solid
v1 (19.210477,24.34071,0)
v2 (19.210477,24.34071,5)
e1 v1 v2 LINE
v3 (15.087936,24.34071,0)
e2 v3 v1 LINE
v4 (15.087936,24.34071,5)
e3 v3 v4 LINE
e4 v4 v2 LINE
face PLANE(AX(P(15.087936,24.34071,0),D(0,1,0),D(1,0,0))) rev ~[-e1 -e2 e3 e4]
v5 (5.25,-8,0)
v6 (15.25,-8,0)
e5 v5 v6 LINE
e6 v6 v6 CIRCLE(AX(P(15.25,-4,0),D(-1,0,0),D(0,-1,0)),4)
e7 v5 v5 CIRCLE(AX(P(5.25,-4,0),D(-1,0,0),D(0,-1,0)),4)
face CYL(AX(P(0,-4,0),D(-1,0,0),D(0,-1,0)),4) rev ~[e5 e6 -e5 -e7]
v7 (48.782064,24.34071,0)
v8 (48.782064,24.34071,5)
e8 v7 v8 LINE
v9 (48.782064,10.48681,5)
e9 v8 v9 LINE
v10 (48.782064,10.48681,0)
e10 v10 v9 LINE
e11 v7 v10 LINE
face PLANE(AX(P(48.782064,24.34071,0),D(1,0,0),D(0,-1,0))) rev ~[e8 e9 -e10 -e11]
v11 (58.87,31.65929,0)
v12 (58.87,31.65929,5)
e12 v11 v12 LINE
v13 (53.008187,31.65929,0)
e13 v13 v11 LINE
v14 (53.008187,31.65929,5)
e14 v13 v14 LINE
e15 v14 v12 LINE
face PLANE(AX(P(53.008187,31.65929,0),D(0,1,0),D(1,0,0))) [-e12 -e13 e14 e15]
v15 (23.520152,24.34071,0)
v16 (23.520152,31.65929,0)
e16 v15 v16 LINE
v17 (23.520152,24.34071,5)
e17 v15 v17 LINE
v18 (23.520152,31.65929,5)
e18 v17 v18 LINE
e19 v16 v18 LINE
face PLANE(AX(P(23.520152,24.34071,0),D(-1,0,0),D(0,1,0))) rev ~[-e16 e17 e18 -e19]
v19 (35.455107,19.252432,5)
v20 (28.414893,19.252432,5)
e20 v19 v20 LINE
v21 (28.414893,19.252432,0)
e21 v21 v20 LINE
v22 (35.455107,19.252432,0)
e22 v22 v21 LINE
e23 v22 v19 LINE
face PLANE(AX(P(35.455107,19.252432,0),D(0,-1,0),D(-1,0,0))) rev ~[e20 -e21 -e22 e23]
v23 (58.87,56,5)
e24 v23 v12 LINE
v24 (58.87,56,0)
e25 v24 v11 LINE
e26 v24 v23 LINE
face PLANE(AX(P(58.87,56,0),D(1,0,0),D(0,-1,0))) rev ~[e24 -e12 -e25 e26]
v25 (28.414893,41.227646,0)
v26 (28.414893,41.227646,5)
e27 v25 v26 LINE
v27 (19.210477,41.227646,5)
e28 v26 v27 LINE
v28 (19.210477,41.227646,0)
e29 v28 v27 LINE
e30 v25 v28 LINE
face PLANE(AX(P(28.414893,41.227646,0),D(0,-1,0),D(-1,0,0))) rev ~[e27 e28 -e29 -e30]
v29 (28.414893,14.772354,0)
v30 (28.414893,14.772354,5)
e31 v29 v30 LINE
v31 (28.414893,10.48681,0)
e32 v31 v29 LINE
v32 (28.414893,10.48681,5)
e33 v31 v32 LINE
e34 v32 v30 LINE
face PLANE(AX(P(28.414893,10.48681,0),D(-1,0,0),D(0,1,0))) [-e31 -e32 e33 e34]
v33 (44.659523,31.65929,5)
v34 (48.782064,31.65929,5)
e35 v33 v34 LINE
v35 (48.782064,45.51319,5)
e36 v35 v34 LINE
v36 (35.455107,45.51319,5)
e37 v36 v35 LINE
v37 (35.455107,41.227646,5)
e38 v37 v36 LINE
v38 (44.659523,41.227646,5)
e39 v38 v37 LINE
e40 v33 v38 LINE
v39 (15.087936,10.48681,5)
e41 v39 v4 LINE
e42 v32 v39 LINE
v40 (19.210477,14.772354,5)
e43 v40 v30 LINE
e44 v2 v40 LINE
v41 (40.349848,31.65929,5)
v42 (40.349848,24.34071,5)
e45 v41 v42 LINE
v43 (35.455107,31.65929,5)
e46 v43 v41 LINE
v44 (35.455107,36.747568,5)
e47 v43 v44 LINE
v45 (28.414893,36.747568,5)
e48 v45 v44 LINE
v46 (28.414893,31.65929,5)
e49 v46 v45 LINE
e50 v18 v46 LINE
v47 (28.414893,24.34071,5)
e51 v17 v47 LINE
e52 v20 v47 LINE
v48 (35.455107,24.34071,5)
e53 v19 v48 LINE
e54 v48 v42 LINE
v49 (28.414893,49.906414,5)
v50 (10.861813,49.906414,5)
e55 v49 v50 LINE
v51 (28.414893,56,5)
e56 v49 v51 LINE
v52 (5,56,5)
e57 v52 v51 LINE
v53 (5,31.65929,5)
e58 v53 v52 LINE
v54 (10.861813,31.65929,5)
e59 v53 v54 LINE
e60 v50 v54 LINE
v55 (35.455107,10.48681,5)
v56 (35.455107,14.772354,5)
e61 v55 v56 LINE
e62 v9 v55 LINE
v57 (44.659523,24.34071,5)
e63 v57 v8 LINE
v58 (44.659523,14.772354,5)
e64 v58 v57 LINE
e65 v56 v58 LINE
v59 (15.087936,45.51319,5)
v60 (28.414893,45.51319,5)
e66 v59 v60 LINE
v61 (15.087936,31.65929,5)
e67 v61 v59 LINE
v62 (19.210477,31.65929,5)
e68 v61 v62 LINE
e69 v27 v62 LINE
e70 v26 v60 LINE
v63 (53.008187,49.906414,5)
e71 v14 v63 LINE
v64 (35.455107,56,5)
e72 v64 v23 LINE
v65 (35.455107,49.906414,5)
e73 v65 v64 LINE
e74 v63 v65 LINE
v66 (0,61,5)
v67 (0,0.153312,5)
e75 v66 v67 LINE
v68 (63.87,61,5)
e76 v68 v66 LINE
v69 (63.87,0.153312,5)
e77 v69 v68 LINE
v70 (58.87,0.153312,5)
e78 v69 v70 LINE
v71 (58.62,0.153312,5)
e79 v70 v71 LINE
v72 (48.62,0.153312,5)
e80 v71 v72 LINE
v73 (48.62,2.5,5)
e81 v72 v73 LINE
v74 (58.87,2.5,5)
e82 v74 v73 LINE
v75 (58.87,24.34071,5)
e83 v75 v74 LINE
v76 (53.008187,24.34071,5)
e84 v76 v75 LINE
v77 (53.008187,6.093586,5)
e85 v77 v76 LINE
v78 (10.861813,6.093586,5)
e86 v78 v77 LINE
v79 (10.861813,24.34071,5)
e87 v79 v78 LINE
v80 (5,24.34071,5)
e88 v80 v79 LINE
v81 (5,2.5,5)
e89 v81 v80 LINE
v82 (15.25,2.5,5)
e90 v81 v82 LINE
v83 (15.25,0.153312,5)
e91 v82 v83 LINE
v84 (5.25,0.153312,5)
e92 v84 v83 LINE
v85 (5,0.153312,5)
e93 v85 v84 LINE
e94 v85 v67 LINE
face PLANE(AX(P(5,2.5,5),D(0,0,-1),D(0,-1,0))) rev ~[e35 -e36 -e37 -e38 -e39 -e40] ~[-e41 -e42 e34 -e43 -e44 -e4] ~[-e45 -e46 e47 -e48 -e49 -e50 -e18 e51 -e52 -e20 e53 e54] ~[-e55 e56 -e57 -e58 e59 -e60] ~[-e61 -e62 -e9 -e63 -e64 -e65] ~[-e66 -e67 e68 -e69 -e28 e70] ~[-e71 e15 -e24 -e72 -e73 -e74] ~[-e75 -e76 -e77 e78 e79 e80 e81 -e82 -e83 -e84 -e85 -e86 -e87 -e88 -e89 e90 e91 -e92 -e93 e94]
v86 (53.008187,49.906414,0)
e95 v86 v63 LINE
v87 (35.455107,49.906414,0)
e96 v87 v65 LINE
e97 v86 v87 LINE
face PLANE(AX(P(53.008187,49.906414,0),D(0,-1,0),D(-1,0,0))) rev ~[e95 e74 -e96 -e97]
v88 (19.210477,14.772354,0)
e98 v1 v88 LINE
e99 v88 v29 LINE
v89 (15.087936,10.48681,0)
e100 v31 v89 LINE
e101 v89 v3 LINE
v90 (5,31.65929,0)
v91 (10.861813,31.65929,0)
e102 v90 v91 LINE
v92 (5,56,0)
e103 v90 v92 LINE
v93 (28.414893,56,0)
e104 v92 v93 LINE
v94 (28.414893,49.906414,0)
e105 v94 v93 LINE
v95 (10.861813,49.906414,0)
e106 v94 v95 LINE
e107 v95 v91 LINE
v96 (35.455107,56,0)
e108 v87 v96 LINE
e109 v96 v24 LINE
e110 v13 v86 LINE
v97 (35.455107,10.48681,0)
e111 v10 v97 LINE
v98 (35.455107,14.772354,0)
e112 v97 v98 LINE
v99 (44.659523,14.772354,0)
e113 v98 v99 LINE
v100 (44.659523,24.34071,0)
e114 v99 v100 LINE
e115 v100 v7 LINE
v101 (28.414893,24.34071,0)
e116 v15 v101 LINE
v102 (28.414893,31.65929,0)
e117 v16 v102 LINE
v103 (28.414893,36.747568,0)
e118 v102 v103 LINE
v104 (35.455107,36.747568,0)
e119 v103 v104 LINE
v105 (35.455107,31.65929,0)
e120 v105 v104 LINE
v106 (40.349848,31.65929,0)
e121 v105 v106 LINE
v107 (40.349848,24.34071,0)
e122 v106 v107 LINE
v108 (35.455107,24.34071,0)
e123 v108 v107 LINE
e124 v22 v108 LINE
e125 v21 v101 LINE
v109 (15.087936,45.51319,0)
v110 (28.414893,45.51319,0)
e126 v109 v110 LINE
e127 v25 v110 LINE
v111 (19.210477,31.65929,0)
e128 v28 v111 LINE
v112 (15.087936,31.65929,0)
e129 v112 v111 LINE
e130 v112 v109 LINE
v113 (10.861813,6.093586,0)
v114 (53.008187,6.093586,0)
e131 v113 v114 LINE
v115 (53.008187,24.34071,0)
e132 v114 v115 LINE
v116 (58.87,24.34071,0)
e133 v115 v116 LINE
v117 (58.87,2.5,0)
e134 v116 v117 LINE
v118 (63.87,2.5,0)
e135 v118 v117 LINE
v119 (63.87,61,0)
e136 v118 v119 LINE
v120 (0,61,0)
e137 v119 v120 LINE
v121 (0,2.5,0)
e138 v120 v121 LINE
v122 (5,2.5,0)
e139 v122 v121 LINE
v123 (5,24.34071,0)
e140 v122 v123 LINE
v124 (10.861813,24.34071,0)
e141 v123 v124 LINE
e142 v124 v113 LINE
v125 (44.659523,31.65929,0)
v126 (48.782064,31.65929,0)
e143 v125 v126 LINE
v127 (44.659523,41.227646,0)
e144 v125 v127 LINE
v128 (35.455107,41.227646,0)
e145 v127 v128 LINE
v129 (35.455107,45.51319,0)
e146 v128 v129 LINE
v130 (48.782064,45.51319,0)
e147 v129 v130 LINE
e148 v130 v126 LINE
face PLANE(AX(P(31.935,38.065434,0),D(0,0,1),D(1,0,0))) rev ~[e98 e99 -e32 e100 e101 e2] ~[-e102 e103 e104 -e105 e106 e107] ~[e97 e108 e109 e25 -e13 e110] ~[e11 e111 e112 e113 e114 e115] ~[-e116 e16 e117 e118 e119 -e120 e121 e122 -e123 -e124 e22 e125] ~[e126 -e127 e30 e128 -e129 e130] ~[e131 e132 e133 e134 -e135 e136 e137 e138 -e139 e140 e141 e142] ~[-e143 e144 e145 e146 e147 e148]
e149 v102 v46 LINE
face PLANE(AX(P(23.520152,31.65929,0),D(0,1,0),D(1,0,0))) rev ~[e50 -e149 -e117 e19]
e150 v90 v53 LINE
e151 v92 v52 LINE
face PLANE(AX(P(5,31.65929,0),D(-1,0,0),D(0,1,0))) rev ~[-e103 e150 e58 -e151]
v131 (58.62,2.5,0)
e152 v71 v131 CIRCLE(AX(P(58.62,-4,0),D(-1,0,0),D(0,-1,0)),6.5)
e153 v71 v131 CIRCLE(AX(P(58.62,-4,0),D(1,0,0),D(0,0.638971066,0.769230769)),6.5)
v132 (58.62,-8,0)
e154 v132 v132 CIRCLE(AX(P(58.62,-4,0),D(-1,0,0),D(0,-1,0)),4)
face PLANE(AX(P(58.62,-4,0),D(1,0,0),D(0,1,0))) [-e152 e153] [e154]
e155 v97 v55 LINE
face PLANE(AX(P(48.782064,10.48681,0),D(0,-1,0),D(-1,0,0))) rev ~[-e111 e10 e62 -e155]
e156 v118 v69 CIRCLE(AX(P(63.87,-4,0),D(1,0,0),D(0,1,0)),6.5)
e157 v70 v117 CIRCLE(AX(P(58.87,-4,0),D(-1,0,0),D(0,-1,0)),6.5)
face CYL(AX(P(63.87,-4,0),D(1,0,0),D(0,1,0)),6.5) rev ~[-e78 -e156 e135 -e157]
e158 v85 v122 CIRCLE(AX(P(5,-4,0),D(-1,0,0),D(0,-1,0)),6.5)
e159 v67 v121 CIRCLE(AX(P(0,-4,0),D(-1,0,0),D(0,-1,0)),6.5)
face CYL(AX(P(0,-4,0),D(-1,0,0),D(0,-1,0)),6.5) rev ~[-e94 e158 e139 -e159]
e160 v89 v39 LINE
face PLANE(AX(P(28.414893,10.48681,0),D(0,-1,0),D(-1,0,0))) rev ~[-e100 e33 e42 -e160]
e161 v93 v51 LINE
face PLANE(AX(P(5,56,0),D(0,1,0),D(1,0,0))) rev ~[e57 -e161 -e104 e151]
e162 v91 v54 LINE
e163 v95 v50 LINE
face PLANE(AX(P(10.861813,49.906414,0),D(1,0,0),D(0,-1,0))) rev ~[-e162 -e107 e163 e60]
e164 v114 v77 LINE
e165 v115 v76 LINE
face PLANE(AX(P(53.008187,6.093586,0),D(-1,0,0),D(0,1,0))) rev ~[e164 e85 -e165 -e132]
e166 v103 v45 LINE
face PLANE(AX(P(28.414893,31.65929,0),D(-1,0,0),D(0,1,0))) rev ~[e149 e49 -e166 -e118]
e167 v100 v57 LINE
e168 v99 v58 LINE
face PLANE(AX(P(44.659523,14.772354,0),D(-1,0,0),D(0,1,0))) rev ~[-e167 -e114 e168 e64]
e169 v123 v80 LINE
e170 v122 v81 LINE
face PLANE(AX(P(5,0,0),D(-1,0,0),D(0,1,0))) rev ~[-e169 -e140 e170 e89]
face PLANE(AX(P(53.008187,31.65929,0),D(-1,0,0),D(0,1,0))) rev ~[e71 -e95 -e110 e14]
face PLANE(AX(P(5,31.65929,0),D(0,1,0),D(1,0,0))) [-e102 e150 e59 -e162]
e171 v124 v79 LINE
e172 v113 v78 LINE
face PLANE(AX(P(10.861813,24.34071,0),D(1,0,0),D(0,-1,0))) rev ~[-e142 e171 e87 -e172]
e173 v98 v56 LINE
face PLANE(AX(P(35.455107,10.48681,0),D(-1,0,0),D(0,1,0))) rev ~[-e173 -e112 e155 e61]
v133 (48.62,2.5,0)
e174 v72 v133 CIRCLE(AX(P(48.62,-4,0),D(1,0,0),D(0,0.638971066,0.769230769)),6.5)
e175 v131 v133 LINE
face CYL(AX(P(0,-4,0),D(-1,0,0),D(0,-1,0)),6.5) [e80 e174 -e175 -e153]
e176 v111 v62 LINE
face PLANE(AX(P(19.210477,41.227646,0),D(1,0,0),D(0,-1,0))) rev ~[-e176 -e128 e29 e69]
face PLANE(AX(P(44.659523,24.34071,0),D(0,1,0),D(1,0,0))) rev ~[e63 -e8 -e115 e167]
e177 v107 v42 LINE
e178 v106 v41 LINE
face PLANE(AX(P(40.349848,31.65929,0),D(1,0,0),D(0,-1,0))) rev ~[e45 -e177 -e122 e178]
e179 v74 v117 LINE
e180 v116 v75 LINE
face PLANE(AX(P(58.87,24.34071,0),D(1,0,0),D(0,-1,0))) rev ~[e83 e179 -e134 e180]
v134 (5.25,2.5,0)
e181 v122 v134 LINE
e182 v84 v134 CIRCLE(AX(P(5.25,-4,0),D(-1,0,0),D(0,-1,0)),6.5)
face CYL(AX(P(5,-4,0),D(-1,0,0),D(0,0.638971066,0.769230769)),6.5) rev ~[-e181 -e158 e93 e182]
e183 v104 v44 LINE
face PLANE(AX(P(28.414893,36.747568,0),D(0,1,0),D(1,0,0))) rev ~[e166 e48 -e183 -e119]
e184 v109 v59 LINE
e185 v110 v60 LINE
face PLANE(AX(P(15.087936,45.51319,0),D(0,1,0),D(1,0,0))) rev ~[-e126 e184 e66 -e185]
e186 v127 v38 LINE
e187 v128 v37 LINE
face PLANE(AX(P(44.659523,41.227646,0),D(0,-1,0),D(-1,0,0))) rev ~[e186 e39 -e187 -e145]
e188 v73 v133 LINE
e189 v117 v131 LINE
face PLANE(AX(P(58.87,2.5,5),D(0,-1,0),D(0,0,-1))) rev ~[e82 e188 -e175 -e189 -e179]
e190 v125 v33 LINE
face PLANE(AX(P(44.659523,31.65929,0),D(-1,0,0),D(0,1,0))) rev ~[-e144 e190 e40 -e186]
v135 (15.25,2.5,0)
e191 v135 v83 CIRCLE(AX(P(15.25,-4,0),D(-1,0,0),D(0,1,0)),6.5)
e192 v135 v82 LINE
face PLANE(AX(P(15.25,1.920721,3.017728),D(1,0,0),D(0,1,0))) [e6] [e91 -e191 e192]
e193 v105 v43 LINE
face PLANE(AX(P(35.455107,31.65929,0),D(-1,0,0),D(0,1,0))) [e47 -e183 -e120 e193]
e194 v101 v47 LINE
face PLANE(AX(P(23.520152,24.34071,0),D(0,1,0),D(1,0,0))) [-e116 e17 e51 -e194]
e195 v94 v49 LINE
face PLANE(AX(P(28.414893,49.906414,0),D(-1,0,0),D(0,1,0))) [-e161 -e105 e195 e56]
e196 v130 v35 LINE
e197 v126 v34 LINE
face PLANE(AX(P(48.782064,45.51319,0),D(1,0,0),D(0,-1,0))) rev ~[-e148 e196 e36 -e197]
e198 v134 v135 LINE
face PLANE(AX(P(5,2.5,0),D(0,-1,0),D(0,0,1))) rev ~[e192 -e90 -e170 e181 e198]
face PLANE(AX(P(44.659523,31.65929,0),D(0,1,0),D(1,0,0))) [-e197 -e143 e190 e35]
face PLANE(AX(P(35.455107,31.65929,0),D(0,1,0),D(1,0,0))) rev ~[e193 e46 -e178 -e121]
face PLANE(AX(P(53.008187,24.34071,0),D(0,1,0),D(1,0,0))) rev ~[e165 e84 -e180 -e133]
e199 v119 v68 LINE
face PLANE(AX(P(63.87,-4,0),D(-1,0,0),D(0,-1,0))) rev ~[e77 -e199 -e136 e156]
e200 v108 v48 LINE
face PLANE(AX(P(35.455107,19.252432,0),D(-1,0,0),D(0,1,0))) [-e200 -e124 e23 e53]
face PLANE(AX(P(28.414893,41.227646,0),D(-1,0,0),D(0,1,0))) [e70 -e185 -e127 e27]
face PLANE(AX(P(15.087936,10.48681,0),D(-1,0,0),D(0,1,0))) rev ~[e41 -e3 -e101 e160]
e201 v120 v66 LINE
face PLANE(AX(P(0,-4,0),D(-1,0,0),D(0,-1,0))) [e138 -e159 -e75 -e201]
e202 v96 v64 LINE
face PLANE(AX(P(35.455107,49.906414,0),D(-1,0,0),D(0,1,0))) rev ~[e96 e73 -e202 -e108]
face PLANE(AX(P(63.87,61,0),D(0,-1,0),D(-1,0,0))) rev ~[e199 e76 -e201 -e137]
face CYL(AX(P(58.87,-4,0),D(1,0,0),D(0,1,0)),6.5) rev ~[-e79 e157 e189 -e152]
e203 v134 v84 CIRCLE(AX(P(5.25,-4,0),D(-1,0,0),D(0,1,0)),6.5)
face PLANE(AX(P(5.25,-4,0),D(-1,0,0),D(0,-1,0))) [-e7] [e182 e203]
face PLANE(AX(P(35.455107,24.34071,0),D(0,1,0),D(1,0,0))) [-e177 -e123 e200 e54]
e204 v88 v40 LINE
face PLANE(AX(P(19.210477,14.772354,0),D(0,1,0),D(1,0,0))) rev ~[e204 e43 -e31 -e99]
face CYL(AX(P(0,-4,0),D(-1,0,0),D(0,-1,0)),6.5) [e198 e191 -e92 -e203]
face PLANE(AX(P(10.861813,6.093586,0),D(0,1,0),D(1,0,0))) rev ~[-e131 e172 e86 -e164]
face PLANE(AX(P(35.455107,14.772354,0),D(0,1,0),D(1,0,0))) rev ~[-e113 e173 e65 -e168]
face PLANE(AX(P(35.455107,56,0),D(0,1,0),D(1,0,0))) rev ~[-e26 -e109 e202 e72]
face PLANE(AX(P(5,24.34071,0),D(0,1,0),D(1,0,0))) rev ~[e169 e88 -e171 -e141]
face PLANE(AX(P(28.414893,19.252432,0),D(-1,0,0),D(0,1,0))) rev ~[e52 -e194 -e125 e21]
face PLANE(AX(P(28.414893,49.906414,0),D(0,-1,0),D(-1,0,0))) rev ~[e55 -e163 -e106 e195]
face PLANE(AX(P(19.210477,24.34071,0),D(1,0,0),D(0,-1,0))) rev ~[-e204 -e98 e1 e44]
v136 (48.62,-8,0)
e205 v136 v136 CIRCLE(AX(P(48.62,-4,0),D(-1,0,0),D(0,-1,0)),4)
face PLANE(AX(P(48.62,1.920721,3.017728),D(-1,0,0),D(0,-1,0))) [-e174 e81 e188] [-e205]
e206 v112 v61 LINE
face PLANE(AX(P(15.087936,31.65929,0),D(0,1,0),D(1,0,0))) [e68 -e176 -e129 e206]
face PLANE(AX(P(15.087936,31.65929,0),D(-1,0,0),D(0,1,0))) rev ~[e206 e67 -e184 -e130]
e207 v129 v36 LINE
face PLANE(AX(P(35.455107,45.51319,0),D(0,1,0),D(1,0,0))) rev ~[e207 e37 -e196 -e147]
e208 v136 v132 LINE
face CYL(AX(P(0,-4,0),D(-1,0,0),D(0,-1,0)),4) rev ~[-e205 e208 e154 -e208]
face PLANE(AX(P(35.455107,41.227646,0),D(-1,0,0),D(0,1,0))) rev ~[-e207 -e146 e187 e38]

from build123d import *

# Parameters (mm, degrees)
F0_W      = 7.0402130931
F0_H      = 6.0935864692
F0_H_2    = 4.393223295
F0_W_2    = 4.2261239089
F0_H_3    = 7.3185805312
F0_W_3    = 4.3096756666
F0_H_4    = 4.4800786584
F0_H_5    = 4.2855439132
F0_W_4    = 5.8618125553
F0_W_5    = 4.1225401893
F0_W_6    = 4.8947411333
F0_H_6    = 5.0882773987
F1_DEPTH  = 5
F2_R      = 6.5
F2_R_2    = 4
F3_DEPTH  = 63.87
F4_R      = 6.5
F4_R_2    = 4
F5_DEPTH  = 5.25
F6_R      = 6.5
F6_R_2    = 4
F7_DEPTH  = 5.25
F9_R      = 6.5
F9_R_2    = 4
F10_DEPTH = 33.37
F12_DEPTH = 10.25
F14_DEPTH = 10.25


with BuildPart() as f1:
    # F0 (on Top) → F1 (new body)
    with BuildSketch(Plane.XY):
        Polygon((0, 61), (0, 0), (5, 0), (5, 24.3407097344), (5, 31.6592902656), (5, 56), (28.4148934534, 56), (35.4551065466, 56), (58.87, 56), (58.87, 31.6592902656), (58.87, 24.3407097344), (58.87, 0), (63.87, 0), (63.87, 61), align=None)
        Polygon((10.8618125553, 49.9064135308), (10.8618125553, 31.6592902656), (15.0879364642, 31.6592902656), (15.0879364642, 45.5131902358), (28.4148934534, 45.5131902358), (28.4148934534, 49.9064135308), align=None)
        with Locations((31.935, 52.9532067654)):
            Rectangle(F0_W, F0_H)
        Polygon((48.7820635358, 31.6592902656), (53.0081874447, 31.6592902656), (53.0081874447, 49.9064135308), (35.4551065466, 49.9064135308), (35.4551065466, 45.5131902358), (48.7820635358, 45.5131902358), align=None)
        with Locations((31.935, 47.7098018833)):
            Rectangle(F0_W, F0_H_2)
        with Locations((12.9748745097, 28)):
            Rectangle(F0_W_2, F0_H_3)
        Polygon((10.8618125553, 6.0935864692), (28.4148934534, 6.0935864692), (28.4148934534, 10.4868097642), (15.0879364642, 10.4868097642), (15.0879364642, 24.3407097344), (10.8618125553, 24.3407097344), align=None)
        with Locations((31.935, 8.2901981167)):
            Rectangle(F0_W, F0_H_2)
        Polygon((35.4551065466, 10.4868097642), (35.4551065466, 6.0935864692), (53.0081874447, 6.0935864692), (53.0081874447, 24.3407097344), (48.7820635358, 24.3407097344), (48.7820635358, 10.4868097642), align=None)
        with Locations((50.8951254903, 28)):
            Rectangle(F0_W_2, F0_H_3)
        Polygon((40.3498476799, 31.6592902656), (44.6595233465, 31.6592902656), (44.6595233465, 41.2276463227), (35.4551065466, 41.2276463227), (35.4551065466, 36.7475676643), (40.3498476799, 36.7475676643), align=None)
        with Locations((42.5046855132, 28)):
            Rectangle(F0_W_3, F0_H_3)
        Polygon((35.4551065466, 19.2524323357), (35.4551065466, 14.7723536773), (44.6595233465, 14.7723536773), (44.6595233465, 24.3407097344), (40.3498476799, 24.3407097344), (40.3498476799, 19.2524323357), align=None)
        Polygon((19.2104766535, 14.7723536773), (28.4148934534, 14.7723536773), (28.4148934534, 19.2524323357), (23.5201523201, 19.2524323357), (23.5201523201, 24.3407097344), (19.2104766535, 24.3407097344), align=None)
        with Locations((31.935, 17.0123930065)):
            Rectangle(F0_W, F0_H_4)
        with Locations((31.935, 12.6295817207)):
            Rectangle(F0_W, F0_H_5)
        with Locations((21.3653144868, 28)):
            Rectangle(F0_W_3, F0_H_3)
        Polygon((19.2104766535, 41.2276463227), (19.2104766535, 31.6592902656), (23.5201523201, 31.6592902656), (23.5201523201, 36.7475676643), (28.4148934534, 36.7475676643), (28.4148934534, 41.2276463227), align=None)
        with Locations((31.935, 38.9876069935)):
            Rectangle(F0_W, F0_H_4)
        with Locations((55.9390937224, 28)):
            Rectangle(F0_W_4, F0_H_3)
        with Locations((46.7207934411, 28)):
            Rectangle(F0_W_5, F0_H_3)
        with Locations((17.1492065589, 28)):
            Rectangle(F0_W_5, F0_H_3)
        with Locations((7.9309062776, 28)):
            Rectangle(F0_W_4, F0_H_3)
        with Locations((31.935, 43.3704182793)):
            Rectangle(F0_W, F0_H_5)
        with Locations((25.9675228868, 34.2034289649)):
            Rectangle(F0_W_6, F0_H_6)
        with Locations((37.9024771132, 34.2034289649)):
            Rectangle(F0_W_6, F0_H_6)
        with Locations((37.9024771132, 21.7965710351)):
            Rectangle(F0_W_6, F0_H_6)
        with Locations((25.9675228868, 21.7965710351)):
            Rectangle(F0_W_6, F0_H_6)
    extrude(amount=F1_DEPTH)

    # F2 (on face) → F3 (join, through all)
    with BuildSketch(Plane(origin=(0, 0, 0), x_dir=(0, -1, 0), z_dir=(-1, 0, 0))):
        with Locations((4, 0)):
            Circle(F2_R)
        with Locations((4, 0)):
            Circle(F2_R_2, mode=Mode.SUBTRACT)
    extrude(amount=-F3_DEPTH)

    # F4 (on face) → F5 (cut)
    with BuildSketch(Plane.YZ.offset(63.87)):
        with Locations((-4, 0)):
            Circle(F4_R)
        with Locations((-4, 0)):
            Circle(F4_R_2, mode=Mode.SUBTRACT)
    extrude(amount=-F5_DEPTH, mode=Mode.SUBTRACT)

    # F6 (on face) → F7 (cut)
    with BuildSketch(Plane(origin=(0, 0, 0), x_dir=(0, -1, 0), z_dir=(-1, 0, 0))):
        with Locations((4, 0)):
            Circle(F6_R)
        with Locations((4, 0)):
            Circle(F6_R_2, mode=Mode.SUBTRACT)
    extrude(amount=-F7_DEPTH, mode=Mode.SUBTRACT)

    # F9 (on offset) → F10 (cut)
    with BuildSketch(Plane(origin=(15.25, 0, 0), x_dir=(0, -1, 0), z_dir=(-1, 0, 0))):
        with Locations((4, 0)):
            Circle(F9_R)
        with Locations((4, 0)):
            Circle(F9_R_2, mode=Mode.SUBTRACT)
    extrude(amount=-F10_DEPTH, mode=Mode.SUBTRACT)

    # F11 (on face) → F12 (join)
    with BuildSketch(Plane(origin=(58.87, 0, 0), x_dir=(0, -1, 0), z_dir=(-1, 0, 0))):
        with BuildLine():
            ThreePointArc((-2.5, 0), (-1.884153616, 2.7616546168), (-0.1533119315, 5))
            Line((-0.1533119315, 5), (-2.5, 5))
            Line((-2.5, 5), (-2.5, 0))
        make_face()
    extrude(amount=F12_DEPTH)

    # F13 (on face) → F14 (join)
    with BuildSketch(Plane.YZ.offset(5)):
        with BuildLine():
            ThreePointArc((0.1533119315, 5), (1.884153616, 2.7616546168), (2.5, 0))
            Line((2.5, 0), (2.5, 5))
            Line((2.5, 5), (0.1533119315, 5))
        make_face()
    extrude(amount=F14_DEPTH)


solid = f1.part
